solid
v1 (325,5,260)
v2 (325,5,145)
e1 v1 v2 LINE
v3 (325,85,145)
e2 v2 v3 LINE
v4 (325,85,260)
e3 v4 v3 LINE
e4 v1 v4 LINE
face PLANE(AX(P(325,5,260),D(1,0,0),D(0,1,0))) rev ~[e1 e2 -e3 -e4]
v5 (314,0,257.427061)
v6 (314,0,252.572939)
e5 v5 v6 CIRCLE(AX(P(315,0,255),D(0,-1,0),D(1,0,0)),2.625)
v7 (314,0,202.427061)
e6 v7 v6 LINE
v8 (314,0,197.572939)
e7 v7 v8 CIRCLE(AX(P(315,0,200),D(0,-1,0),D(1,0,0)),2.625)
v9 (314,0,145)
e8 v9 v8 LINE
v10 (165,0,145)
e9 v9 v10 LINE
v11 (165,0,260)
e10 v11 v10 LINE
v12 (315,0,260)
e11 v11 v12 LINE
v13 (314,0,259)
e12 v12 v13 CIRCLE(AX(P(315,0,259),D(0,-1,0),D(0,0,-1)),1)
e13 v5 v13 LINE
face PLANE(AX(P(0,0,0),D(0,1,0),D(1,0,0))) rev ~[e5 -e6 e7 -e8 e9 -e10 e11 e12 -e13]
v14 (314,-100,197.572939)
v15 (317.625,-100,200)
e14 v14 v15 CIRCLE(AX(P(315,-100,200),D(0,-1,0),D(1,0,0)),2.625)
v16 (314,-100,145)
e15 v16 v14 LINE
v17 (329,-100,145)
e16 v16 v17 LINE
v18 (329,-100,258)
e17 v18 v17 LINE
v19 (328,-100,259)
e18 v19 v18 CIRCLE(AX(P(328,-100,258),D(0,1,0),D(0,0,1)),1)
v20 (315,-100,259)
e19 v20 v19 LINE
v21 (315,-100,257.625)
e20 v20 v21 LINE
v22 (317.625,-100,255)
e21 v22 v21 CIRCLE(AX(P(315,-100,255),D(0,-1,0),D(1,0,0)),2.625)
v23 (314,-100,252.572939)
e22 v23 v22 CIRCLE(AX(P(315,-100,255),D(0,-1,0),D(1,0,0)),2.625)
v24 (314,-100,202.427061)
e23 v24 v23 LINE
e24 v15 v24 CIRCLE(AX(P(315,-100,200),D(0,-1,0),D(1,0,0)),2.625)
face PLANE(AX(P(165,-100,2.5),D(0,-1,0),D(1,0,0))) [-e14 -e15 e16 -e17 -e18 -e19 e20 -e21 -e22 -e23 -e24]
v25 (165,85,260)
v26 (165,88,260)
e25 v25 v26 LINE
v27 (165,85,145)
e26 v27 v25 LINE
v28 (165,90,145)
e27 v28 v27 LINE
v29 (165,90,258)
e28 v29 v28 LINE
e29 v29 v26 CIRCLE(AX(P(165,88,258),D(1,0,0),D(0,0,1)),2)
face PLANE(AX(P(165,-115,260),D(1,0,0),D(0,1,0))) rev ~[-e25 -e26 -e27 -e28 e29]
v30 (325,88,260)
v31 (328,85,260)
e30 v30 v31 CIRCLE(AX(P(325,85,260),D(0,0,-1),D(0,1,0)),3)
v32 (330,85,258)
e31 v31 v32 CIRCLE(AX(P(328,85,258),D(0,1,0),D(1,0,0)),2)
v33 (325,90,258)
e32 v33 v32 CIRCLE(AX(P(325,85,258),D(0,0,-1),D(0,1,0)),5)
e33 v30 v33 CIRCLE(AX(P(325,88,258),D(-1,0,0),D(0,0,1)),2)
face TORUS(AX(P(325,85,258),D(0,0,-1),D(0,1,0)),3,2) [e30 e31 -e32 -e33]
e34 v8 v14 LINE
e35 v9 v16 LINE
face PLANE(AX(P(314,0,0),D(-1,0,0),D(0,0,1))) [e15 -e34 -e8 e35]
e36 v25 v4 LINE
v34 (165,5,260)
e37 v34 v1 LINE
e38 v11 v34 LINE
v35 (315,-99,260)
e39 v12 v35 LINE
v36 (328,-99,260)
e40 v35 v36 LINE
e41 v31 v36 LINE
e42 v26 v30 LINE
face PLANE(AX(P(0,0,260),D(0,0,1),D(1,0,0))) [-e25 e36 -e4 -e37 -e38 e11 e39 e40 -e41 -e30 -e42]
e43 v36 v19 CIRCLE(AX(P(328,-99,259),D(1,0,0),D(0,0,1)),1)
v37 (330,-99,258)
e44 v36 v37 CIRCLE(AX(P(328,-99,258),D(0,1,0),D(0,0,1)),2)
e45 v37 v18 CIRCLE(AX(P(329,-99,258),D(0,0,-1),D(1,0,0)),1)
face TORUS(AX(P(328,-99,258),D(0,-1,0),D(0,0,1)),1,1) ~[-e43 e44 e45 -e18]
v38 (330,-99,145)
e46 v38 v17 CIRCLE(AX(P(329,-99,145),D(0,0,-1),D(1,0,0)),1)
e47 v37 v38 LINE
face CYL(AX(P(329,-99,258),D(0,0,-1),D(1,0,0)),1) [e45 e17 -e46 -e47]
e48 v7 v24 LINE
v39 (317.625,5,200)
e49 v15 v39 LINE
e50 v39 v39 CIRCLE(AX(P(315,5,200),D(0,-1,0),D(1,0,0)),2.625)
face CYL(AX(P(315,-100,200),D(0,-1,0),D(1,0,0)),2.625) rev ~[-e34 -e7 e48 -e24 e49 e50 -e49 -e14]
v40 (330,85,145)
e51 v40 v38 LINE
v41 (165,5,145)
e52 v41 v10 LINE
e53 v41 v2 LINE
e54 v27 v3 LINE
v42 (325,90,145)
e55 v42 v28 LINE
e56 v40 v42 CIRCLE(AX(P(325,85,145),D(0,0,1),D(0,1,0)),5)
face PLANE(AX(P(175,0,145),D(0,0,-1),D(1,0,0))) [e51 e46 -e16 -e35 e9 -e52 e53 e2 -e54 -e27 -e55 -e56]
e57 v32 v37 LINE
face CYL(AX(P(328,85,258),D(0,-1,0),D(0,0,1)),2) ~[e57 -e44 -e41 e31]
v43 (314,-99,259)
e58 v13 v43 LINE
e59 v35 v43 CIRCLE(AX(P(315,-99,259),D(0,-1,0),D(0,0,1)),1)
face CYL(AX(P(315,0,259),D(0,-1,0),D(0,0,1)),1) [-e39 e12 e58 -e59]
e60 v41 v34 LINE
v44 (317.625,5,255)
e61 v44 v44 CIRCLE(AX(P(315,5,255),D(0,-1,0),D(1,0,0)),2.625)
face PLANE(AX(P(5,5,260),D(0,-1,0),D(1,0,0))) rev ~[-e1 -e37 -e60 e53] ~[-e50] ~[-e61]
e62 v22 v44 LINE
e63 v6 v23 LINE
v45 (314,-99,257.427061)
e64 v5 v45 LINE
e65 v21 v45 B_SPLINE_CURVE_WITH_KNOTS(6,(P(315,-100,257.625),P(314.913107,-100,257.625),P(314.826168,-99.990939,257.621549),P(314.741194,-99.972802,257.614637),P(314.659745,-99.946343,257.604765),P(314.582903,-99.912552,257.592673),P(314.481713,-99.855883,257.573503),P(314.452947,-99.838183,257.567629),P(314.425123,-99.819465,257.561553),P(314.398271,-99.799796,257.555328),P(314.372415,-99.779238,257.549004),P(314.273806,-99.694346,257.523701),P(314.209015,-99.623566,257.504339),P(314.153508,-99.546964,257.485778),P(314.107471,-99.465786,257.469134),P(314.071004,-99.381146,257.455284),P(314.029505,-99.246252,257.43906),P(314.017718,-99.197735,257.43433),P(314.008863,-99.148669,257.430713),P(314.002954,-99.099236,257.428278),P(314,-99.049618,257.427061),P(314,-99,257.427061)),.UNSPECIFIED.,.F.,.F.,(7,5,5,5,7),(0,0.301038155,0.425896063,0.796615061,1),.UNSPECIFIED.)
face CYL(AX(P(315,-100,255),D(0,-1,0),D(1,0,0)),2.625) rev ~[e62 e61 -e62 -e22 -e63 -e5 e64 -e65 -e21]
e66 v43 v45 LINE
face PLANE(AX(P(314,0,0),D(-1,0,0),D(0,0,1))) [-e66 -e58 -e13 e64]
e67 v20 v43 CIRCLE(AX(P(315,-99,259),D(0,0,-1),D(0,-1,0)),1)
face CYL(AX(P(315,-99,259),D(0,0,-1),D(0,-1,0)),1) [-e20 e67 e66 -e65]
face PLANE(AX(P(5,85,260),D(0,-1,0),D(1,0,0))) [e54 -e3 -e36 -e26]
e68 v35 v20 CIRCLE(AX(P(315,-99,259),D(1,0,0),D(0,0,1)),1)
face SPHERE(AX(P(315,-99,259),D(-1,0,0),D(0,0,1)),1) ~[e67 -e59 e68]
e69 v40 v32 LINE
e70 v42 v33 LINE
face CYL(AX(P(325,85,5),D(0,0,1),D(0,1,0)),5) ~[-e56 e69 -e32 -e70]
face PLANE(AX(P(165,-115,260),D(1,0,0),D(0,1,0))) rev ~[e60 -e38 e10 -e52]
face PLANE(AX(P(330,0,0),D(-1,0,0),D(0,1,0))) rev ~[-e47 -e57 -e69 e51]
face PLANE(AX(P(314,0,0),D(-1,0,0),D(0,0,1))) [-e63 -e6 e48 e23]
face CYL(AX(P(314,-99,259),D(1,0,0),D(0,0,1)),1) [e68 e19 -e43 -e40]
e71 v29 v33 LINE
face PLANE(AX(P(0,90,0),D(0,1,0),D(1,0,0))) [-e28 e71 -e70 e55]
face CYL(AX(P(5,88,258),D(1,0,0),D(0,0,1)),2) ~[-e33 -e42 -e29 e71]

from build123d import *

# Parameters (mm, degrees)
SKETCH_W        = 330
SKETCH_H        = 90
PAD_DEPTH       = 260
SKETCH001_W     = 320
SKETCH001_H     = 80
POCKET_DEPTH    = 250
SKETCH002_W     = 16
SKETCH002_H     = 260
PAD001_DEPTH    = 100
SKETCH003_R     = 2.625
POCKET001_DEPTH = 105
FILLET_R        = 5
FILLET001_R     = 5
FILLET002_R     = 5
FILLET003_R     = 2
FILLET004_R     = 1
FILLET005_R     = 1
FILLET006_R     = 1
FILLET007_R     = 1
SKETCH004_W     = 298
SKETCH004_H     = 5
PAD002_DEPTH    = 100
FILLET008_R     = 1
SKETCH005_W     = 390
SKETCH005_H     = 230
POCKET002_DEPTH = 145
SKETCH006_W     = 165
SKETCH006_H     = 230
POCKET003_DEPTH = 300


with BuildPart() as part:
    # Sketch → Pad (new body)
    with BuildSketch(Plane.XY):
        with Locations((165, 45)):
            Rectangle(SKETCH_W, SKETCH_H)
    extrude(amount=PAD_DEPTH)

    # Sketch001 (on Face6 of Pad) → Pocket (cut)
    with BuildSketch(Plane.XY.offset(260)):
        with Locations((165, 45)):
            Rectangle(SKETCH001_W, SKETCH001_H)
    extrude(amount=-POCKET_DEPTH, mode=Mode.SUBTRACT)

    # Sketch002 (on Face1 of Pocket) → Pad001 (join)
    with BuildSketch(Plane.XZ):
        with Locations((8, 130)):
            Rectangle(SKETCH002_W, SKETCH002_H)
        with Locations((322, 130)):
            Rectangle(SKETCH002_W, SKETCH002_H)
    extrude(amount=PAD001_DEPTH)

    # Sketch003 (on Face18 of Pad001) → Pocket001 (cut)
    with BuildSketch(Plane.XZ.offset(100)):
        with Locations((15, 40)):
            Circle(SKETCH003_R)
        with Locations((315, 40)):
            Circle(SKETCH003_R)
        with Locations((15, 120)):
            Circle(SKETCH003_R)
        with Locations((315, 120)):
            Circle(SKETCH003_R)
        with Locations((15, 200)):
            Circle(SKETCH003_R)
        with Locations((315, 200)):
            Circle(SKETCH003_R)
        with Locations((15, 255)):
            Circle(SKETCH003_R)
        with Locations((315, 255)):
            Circle(SKETCH003_R)
    extrude(amount=-POCKET001_DEPTH, mode=Mode.SUBTRACT)

    # Fillet
    fillet_edges = [part.edges().sort_by_distance(p)[0] for p in [
        (0, 45, 0),
    ]]
    fillet(fillet_edges, radius=FILLET_R)

    # Fillet001
    fillet001_edges = [part.edges().sort_by_distance(p)[0] for p in [
        (330, 45, 0),
    ]]
    fillet(fillet001_edges, radius=FILLET001_R)

    # Fillet002
    fillet002_edges = [part.edges().sort_by_distance(p)[0] for p in [
        (165, 90, 0),
    ]]
    fillet(fillet002_edges, radius=FILLET002_R)

    # Fillet003
    fillet003_edges = [part.edges().sort_by_distance(p)[0] for p in [
        (0, -50, 260),
    ]]
    fillet(fillet003_edges, radius=FILLET003_R)

    # Fillet004
    fillet004_edges = [part.edges().sort_by_distance(p)[0] for p in [
        (9, -100, 260),
    ]]
    fillet(fillet004_edges, radius=FILLET004_R)

    # Fillet005
    fillet005_edges = [part.edges().sort_by_distance(p)[0] for p in [
        (16, -49.5, 260),
    ]]
    fillet(fillet005_edges, radius=FILLET005_R)

    # Fillet006
    fillet006_edges = [part.edges().sort_by_distance(p)[0] for p in [
        (321, -100, 260),
    ]]
    fillet(fillet006_edges, radius=FILLET006_R)

    # Fillet007
    fillet007_edges = [part.edges().sort_by_distance(p)[0] for p in [
        (314, -49.5, 260),
    ]]
    fillet(fillet007_edges, radius=FILLET007_R)

    # Sketch004 (on Face4 of Fillet007) → Pad002 (join)
    with BuildSketch(Plane.XZ):
        with Locations((165, 2.5)):
            Rectangle(SKETCH004_W, SKETCH004_H)
    extrude(amount=PAD002_DEPTH)

    # Fillet008
    fillet008_edges = [part.edges().sort_by_distance(p)[0] for p in [
        (165, -100, 0),
    ]]
    fillet(fillet008_edges, radius=FILLET008_R)

    # Sketch005 (on Face7 of Fillet008) → Pocket002 (cut)
    with BuildSketch(Plane(origin=(0, 0, 0), x_dir=(1, 0, 0), z_dir=(0, 0, -1))):
        with Locations((175, 0)):
            Rectangle(SKETCH005_W, SKETCH005_H)
    extrude(amount=-POCKET002_DEPTH, mode=Mode.SUBTRACT)

    # Sketch006 (on Face46 of Pocket002) → Pocket003 (cut)
    with BuildSketch(Plane.XY.offset(260)):
        with Locations((82.5, 0)):
            Rectangle(SKETCH006_W, SKETCH006_H)
    extrude(amount=-POCKET003_DEPTH, mode=Mode.SUBTRACT)


solid = part.part
